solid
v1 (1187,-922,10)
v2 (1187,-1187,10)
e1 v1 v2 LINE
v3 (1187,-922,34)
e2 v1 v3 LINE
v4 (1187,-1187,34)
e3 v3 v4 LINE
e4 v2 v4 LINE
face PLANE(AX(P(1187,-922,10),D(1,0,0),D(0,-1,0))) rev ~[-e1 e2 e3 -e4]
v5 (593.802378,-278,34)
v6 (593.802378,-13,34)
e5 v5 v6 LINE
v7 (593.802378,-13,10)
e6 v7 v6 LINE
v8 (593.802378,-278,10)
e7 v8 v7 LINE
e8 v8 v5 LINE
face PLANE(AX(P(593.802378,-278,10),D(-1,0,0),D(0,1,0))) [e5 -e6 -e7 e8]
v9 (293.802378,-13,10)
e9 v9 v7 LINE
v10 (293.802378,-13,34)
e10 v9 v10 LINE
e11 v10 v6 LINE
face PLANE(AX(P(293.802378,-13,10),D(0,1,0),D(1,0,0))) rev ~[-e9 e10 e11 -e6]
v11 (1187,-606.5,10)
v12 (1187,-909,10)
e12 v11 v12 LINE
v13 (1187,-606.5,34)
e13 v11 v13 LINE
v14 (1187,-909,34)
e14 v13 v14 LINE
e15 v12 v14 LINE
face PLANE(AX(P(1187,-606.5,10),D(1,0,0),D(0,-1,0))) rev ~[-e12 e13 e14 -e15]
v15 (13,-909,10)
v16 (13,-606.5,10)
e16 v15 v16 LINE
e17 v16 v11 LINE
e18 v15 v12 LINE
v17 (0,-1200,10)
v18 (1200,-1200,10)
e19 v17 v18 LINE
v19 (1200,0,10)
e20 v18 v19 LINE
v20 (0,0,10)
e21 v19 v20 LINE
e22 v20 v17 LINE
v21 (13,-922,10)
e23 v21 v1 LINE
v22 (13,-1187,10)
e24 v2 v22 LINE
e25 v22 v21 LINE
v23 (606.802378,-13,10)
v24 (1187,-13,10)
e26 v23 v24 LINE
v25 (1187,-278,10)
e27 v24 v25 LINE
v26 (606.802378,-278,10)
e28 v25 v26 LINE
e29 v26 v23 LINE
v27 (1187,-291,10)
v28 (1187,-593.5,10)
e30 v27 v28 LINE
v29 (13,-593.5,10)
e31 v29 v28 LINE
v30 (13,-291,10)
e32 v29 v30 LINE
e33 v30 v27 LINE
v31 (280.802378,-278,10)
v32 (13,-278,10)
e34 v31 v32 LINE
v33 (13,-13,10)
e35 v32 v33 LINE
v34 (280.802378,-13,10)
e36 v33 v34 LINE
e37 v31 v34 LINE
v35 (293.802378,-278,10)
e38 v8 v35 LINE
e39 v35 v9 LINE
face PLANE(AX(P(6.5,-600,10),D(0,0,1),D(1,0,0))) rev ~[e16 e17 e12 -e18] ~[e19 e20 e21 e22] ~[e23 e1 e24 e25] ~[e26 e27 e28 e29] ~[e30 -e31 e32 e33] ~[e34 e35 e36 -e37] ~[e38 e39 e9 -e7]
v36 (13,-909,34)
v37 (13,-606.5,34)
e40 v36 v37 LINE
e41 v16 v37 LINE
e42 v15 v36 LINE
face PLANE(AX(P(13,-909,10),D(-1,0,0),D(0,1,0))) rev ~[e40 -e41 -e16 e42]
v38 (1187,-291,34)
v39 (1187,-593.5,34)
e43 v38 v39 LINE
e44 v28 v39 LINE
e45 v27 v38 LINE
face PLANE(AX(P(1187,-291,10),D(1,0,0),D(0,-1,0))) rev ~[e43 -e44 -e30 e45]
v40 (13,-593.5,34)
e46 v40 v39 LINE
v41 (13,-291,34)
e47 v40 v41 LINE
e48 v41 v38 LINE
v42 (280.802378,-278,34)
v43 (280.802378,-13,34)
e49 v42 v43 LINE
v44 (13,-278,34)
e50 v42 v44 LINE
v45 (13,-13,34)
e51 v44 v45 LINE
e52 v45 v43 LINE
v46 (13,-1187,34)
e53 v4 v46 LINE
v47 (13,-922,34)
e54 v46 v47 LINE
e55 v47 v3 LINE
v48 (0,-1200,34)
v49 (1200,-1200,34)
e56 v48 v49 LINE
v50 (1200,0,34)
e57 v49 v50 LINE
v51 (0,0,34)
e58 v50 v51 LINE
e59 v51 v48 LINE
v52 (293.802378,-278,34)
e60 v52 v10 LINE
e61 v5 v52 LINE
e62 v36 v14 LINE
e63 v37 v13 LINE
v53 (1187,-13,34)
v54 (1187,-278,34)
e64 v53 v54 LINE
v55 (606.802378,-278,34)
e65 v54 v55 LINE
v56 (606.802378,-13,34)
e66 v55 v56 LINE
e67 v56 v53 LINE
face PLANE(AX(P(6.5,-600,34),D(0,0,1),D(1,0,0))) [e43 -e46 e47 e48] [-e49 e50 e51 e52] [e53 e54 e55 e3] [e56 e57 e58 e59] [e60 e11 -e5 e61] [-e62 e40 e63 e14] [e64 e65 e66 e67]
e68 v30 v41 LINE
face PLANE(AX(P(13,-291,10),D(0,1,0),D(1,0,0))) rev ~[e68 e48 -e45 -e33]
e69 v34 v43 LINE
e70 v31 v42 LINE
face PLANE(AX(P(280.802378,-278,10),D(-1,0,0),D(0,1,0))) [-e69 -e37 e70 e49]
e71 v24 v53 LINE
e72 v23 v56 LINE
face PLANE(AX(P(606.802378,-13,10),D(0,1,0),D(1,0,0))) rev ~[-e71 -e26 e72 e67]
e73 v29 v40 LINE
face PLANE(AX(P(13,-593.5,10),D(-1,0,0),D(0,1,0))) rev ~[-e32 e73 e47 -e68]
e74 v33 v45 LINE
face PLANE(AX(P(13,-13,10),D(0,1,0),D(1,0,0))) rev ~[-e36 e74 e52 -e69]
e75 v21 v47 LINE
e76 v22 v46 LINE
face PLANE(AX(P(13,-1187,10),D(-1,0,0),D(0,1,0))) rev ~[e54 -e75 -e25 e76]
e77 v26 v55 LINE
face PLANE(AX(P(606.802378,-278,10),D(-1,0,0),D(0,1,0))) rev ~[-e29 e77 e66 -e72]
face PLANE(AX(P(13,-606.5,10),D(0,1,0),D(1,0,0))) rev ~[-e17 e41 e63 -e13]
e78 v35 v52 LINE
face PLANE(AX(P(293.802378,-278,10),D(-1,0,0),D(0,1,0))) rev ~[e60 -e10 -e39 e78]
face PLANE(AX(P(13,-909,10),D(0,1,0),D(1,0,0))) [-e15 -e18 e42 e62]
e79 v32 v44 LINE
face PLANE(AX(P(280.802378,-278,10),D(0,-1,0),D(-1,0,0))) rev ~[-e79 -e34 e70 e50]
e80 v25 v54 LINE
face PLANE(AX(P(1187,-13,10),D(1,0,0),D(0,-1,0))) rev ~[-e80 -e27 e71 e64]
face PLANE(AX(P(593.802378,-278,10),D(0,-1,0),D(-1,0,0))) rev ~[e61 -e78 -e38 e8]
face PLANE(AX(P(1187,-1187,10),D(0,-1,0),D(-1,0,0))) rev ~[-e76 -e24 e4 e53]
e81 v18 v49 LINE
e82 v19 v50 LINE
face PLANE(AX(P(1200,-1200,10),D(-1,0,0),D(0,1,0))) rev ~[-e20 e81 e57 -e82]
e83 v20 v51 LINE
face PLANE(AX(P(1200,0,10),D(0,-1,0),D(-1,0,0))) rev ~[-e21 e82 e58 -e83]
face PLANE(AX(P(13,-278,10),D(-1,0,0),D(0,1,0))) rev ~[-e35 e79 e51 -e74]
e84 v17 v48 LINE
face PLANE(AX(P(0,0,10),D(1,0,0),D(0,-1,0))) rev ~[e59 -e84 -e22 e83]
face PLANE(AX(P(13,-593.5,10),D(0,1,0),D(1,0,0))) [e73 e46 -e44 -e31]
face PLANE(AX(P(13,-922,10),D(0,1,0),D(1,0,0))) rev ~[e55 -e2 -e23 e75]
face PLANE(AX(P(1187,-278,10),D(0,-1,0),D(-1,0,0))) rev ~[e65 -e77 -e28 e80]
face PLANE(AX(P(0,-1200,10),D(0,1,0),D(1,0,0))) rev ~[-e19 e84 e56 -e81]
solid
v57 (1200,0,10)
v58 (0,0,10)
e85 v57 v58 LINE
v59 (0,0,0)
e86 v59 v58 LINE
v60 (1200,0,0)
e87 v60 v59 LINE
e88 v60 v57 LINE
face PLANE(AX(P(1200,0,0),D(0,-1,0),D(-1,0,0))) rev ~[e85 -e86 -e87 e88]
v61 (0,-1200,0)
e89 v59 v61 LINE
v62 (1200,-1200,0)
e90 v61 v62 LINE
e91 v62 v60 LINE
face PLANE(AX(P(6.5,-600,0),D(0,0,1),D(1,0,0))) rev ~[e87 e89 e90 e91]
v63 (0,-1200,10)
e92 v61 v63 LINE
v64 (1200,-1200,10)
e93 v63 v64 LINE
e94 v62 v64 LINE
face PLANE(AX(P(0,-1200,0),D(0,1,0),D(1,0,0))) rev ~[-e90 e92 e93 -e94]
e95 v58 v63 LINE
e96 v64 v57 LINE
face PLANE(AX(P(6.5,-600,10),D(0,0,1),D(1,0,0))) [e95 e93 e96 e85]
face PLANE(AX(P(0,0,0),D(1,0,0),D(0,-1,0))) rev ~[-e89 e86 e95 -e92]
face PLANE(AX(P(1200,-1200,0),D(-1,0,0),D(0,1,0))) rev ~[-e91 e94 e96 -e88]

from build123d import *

# Parameters (mm, degrees)
F0_W     = 1174
F0_H     = 265
F0_H_2   = 302.5
F0_W_2   = 267.8023775816
F0_W_3   = 300
F0_W_4   = 580.1976224184
F0_W_5   = 13
F0_H_3   = 13
F1_DEPTH = 10
F2_START = 10
F2_DEPTH = 24


with BuildPart() as f1:
    # F0 (on Top) → F1 (new body)
    with BuildSketch(Plane.XY):
        Polygon((13, 0), (0, 0), (0, -1200), (13, -1200), (13, -1187), (13, -922), (13, -909), (13, -606.5), (13, -593.5), (13, -291), (13, -278), (13, -13), align=None)
        Polygon((1187, 0), (13, 0), (13, -13), (280.8023775816, -13), (293.8023775816, -13), (593.8023775816, -13), (606.8023775816, -13), (1187, -13), align=None)
        Polygon((1200, 0), (1187, 0), (1187, -13), (1187, -278), (1187, -291), (1187, -593.5), (1187, -606.5), (1187, -909), (1187, -922), (1187, -1187), (1200, -1187), align=None)
        Polygon((13, -1187), (13, -1200), (1200, -1200), (1200, -1187), (1187, -1187), align=None)
        with Locations((600, -1054.5)):
            Rectangle(F0_W, F0_H)
        with Locations((600, -757.75)):
            Rectangle(F0_W, F0_H_2)
        with Locations((600, -442.25)):
            Rectangle(F0_W, F0_H_2)
        with Locations((146.9011887908, -145.5)):
            Rectangle(F0_W_2, F0_H)
        with Locations((443.8023775816, -145.5)):
            Rectangle(F0_W_3, F0_H)
        with Locations((896.9011887908, -145.5)):
            Rectangle(F0_W_4, F0_H)
        with Locations((287.3023775816, -145.5)):
            Rectangle(F0_W_5, F0_H)
        Polygon((280.8023775816, -278), (13, -278), (13, -291), (1187, -291), (1187, -278), (606.8023775816, -278), (593.8023775816, -278), (293.8023775816, -278), align=None)
        with Locations((600.3023775816, -145.5)):
            Rectangle(F0_W_5, F0_H)
        with Locations((600, -600)):
            Rectangle(F0_W, F0_H_3)
        with Locations((600, -915.5)):
            Rectangle(F0_W, F0_H_3)
    extrude(amount=F1_DEPTH)


with BuildPart() as f2:
    # F0 (on Top) → F2 (new body)
    with BuildSketch(Plane.XY.offset(F2_START)):
        Polygon((13, 0), (0, 0), (0, -1200), (13, -1200), (13, -1187), (13, -922), (13, -909), (13, -606.5), (13, -593.5), (13, -291), (13, -278), (13, -13), align=None)
        with Locations((600, -915.5)):
            Rectangle(F0_W, F0_H_3)
        Polygon((13, -1187), (13, -1200), (1200, -1200), (1200, -1187), (1187, -1187), align=None)
        Polygon((1200, 0), (1187, 0), (1187, -13), (1187, -278), (1187, -291), (1187, -593.5), (1187, -606.5), (1187, -909), (1187, -922), (1187, -1187), (1200, -1187), align=None)
        with Locations((600, -600)):
            Rectangle(F0_W, F0_H_3)
        Polygon((280.8023775816, -278), (13, -278), (13, -291), (1187, -291), (1187, -278), (606.8023775816, -278), (593.8023775816, -278), (293.8023775816, -278), align=None)
        with Locations((600.3023775816, -145.5)):
            Rectangle(F0_W_5, F0_H)
        with Locations((287.3023775816, -145.5)):
            Rectangle(F0_W_5, F0_H)
        Polygon((1187, 0), (13, 0), (13, -13), (280.8023775816, -13), (293.8023775816, -13), (593.8023775816, -13), (606.8023775816, -13), (1187, -13), align=None)
    extrude(amount=F2_DEPTH)


solid = Compound([f1.part, f2.part])
